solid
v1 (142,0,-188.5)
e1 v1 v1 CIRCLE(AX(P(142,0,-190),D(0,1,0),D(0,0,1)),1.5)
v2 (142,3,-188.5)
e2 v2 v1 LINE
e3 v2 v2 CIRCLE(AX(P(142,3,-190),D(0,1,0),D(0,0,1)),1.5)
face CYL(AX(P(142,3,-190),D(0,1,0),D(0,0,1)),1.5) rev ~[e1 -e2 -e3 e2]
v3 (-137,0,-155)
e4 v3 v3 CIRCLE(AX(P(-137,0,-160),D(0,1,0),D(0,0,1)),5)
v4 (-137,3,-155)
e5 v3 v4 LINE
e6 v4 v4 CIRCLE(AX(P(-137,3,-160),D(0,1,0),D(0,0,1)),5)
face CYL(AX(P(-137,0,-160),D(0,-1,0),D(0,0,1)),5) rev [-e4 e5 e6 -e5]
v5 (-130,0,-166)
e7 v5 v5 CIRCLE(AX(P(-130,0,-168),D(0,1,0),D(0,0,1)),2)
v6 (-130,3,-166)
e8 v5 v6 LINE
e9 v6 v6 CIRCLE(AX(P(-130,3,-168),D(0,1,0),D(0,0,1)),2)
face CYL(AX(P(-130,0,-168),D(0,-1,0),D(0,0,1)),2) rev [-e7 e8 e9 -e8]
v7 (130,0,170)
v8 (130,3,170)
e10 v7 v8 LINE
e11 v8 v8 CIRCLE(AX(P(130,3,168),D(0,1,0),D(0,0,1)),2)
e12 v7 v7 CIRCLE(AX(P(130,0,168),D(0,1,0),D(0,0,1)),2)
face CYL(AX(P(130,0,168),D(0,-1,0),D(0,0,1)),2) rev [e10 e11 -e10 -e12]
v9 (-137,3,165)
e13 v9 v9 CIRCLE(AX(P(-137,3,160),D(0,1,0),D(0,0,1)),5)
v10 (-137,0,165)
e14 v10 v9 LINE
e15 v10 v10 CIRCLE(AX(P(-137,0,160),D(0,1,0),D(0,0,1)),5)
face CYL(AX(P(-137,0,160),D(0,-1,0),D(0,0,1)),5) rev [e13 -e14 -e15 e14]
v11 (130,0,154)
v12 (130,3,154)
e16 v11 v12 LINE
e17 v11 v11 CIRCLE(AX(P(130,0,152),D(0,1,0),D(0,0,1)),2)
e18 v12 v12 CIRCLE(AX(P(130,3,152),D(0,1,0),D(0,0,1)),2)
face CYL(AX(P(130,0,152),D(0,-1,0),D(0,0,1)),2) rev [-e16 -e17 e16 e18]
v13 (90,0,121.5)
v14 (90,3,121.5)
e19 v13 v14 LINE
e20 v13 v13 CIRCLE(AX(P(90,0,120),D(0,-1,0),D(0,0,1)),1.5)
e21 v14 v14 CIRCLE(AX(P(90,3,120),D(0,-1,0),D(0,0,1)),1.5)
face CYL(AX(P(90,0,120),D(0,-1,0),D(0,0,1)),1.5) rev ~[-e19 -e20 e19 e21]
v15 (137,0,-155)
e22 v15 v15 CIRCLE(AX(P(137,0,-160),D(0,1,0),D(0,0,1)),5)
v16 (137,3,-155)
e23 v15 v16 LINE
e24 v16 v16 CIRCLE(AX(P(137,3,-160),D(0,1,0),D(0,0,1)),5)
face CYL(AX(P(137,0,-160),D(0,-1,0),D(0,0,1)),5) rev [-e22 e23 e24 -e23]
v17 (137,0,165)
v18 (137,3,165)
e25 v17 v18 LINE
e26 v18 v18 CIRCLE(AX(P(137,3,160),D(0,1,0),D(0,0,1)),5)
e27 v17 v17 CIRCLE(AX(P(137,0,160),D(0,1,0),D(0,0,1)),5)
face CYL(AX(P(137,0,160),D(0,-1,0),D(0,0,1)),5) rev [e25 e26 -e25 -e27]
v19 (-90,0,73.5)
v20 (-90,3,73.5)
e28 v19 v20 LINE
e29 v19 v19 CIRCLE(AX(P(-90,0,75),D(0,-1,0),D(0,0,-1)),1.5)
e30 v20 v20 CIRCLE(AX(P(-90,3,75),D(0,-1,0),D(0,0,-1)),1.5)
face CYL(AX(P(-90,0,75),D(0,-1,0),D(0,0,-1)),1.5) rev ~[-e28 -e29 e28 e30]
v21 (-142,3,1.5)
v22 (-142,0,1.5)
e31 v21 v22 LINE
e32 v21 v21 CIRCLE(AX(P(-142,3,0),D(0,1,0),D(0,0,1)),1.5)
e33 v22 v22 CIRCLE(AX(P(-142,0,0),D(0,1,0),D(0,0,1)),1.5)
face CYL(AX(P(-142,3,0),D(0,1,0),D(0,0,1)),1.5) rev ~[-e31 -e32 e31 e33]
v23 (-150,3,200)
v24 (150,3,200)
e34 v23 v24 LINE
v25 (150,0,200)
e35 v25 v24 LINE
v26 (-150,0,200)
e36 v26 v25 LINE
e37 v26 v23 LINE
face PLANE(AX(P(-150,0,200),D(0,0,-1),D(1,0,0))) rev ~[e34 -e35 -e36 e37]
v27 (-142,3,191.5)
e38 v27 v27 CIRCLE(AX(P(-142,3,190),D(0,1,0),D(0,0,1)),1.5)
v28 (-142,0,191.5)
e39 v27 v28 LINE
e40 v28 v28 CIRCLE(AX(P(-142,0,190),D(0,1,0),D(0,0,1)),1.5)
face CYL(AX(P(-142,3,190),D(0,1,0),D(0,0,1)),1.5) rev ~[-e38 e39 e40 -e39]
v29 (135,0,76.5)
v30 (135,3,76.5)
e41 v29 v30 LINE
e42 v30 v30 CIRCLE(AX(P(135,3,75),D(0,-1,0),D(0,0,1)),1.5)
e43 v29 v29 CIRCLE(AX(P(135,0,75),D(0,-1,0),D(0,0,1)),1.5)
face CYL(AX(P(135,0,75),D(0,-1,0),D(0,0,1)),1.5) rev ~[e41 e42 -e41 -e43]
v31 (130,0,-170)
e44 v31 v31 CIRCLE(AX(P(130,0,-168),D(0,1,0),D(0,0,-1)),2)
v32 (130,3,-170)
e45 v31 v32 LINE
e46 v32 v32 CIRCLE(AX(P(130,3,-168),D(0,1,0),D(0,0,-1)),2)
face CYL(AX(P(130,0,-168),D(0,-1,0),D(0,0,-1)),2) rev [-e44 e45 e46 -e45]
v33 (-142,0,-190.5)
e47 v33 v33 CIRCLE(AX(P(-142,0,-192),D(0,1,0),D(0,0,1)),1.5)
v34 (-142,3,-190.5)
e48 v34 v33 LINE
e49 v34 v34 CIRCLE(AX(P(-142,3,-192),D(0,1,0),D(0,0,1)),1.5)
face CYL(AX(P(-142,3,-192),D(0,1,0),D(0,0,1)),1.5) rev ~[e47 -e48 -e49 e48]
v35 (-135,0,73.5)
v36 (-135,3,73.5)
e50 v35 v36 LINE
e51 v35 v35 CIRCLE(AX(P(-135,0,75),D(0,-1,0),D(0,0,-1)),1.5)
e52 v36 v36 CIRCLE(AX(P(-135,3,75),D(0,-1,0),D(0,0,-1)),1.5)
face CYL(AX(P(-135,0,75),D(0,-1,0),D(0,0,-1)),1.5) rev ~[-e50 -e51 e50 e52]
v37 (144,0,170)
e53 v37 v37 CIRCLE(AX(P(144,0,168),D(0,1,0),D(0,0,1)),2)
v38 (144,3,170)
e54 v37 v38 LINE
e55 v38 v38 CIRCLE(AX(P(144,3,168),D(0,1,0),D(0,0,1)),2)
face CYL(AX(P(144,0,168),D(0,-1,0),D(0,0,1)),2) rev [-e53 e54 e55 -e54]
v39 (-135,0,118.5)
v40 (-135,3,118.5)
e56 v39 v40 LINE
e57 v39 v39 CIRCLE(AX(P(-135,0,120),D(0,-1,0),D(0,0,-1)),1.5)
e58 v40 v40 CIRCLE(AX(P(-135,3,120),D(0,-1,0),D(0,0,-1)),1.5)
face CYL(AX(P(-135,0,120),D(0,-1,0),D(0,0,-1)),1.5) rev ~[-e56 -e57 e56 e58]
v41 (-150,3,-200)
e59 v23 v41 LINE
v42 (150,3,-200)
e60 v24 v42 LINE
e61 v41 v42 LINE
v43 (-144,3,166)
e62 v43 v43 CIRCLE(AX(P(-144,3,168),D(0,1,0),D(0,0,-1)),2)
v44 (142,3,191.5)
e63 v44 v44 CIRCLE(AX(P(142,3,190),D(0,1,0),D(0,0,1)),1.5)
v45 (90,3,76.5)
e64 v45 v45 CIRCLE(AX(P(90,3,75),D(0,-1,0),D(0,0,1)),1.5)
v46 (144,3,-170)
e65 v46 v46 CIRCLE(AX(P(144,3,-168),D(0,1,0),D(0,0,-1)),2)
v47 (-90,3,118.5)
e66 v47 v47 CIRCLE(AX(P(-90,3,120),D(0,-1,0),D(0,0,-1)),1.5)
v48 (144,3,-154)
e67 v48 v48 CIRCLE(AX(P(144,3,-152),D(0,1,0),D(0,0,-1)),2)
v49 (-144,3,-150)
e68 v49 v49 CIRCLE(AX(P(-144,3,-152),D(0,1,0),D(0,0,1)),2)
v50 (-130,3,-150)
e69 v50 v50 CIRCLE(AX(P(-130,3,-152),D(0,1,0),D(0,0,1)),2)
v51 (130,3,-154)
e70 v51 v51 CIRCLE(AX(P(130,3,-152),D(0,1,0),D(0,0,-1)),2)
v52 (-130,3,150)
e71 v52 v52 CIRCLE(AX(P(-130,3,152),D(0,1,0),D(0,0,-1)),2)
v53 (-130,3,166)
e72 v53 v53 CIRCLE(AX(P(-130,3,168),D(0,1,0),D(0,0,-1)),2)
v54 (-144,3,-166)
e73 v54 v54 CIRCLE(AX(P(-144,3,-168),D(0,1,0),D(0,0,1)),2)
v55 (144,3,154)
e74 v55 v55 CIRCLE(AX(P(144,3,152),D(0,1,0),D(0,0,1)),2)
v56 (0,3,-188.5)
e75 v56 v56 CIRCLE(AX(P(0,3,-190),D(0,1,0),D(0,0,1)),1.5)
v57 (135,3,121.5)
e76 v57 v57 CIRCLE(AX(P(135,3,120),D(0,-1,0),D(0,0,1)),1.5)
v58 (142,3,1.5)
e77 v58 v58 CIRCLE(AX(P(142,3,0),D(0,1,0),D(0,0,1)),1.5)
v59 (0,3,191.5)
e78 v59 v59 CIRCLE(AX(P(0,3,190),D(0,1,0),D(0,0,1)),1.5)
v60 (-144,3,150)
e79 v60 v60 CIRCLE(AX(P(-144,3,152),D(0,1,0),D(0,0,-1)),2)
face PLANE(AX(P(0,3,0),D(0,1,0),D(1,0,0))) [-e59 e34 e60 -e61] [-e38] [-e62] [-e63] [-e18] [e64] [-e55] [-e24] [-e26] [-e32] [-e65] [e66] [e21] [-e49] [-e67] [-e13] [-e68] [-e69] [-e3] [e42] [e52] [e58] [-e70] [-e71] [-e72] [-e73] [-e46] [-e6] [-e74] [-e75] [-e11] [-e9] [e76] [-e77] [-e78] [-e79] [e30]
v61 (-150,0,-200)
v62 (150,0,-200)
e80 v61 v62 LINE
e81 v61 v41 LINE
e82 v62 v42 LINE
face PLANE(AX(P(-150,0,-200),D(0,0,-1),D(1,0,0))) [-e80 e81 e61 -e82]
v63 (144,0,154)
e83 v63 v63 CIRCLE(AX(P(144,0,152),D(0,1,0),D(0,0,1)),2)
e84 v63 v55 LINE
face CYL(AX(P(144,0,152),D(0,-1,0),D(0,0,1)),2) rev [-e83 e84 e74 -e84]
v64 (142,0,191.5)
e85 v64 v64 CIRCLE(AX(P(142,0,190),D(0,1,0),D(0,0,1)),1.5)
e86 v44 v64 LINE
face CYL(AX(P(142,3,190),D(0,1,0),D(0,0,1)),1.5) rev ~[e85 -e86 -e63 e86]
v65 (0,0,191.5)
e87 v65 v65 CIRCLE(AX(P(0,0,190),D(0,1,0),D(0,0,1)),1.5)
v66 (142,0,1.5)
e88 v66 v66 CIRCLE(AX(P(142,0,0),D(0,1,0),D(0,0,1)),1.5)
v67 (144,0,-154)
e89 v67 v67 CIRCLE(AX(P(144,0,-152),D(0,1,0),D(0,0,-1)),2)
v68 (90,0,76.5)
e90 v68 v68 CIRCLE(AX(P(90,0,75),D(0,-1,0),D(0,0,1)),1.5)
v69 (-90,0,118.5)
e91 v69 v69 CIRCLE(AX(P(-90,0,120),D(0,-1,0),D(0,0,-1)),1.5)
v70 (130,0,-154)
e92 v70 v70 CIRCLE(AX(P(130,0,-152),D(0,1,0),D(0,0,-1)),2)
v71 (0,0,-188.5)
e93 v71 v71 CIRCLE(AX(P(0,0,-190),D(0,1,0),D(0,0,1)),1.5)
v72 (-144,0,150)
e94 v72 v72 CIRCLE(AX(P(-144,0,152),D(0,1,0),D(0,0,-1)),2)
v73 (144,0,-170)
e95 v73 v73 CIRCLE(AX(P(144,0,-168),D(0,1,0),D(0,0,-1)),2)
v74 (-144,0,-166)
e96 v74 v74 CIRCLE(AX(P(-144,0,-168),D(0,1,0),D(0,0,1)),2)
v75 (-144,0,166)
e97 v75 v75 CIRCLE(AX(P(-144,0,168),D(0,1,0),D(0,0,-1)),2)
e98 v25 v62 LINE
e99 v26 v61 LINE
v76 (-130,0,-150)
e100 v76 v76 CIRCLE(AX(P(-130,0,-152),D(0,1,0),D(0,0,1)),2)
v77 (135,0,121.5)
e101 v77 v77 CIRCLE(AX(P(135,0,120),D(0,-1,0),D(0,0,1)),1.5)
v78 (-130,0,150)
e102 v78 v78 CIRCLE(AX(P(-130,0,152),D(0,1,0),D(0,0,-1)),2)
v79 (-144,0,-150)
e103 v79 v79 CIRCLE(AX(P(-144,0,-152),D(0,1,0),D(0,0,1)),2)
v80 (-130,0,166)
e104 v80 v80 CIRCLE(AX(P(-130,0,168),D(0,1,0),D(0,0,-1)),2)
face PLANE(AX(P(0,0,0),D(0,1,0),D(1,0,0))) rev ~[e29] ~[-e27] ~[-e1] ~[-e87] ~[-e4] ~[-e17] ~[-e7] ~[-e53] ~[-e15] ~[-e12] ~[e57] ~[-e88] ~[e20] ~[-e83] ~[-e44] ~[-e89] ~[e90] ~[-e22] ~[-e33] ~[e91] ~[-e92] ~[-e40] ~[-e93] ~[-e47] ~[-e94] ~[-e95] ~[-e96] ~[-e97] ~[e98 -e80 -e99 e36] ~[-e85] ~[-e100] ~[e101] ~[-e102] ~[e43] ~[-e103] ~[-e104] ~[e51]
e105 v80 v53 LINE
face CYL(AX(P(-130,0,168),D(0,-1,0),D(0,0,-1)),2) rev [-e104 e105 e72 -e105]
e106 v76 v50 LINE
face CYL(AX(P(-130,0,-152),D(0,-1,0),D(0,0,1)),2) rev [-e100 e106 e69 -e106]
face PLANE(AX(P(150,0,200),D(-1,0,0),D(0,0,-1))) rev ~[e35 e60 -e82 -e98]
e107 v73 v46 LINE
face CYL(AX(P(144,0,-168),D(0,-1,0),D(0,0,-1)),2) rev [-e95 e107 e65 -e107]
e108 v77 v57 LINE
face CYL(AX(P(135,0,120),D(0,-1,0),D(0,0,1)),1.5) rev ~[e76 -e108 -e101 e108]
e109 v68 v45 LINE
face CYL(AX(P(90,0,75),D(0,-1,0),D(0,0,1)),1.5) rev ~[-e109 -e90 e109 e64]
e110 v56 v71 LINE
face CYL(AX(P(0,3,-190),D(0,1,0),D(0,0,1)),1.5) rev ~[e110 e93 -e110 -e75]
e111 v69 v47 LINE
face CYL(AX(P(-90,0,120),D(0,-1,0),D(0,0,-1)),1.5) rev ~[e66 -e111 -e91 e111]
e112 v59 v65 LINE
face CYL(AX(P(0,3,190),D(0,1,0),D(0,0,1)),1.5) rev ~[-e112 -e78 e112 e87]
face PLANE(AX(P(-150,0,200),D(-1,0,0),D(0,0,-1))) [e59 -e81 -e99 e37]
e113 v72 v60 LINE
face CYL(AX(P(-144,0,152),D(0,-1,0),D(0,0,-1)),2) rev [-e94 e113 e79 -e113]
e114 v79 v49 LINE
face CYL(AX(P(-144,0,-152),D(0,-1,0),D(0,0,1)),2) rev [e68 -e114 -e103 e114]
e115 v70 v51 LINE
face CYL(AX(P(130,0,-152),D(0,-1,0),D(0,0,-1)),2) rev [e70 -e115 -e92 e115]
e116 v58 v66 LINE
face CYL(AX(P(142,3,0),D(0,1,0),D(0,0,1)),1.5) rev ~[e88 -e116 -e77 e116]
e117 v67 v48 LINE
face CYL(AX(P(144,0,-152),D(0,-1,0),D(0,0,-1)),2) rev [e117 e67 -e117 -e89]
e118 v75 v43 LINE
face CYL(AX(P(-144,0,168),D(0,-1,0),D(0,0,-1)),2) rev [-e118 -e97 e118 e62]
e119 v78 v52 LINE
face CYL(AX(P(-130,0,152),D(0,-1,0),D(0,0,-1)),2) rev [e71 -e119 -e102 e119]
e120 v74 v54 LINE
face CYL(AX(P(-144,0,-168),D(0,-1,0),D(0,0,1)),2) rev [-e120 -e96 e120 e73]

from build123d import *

# Parameters (mm, degrees)
SKETCH_1_W          = 300
SKETCH_1_H          = 400
SKETCH_1_R          = 5
SKETCH_1_R_2        = 2
EXTRUDE_1_DEPTH     = 3
SKETCH_4_R          = 1.5
CUT_EXTRUDE_1_DEPTH = 251.017999352
SKETCH_5_R          = 1.5
CUT_EXTRUDE_2_DEPTH = 10


with BuildPart() as part:
    # 草图1 → 凸台-拉伸1 (new body)
    with BuildSketch(Plane(origin=(0, 0, 0), x_dir=(1, 0, 0), z_dir=(0, 1, 0))):
        Rectangle(SKETCH_1_W, SKETCH_1_H)
        with Locations(Location((-137, 160, 0), (0, 0, 270))):
            Circle(SKETCH_1_R, mode=Mode.SUBTRACT)
        with Locations(Location((137, 160, 0), (0, 0, 270))):
            Circle(SKETCH_1_R, mode=Mode.SUBTRACT)
        with Locations(Location((137, -160, 0), (0, 0, 270))):
            Circle(SKETCH_1_R, mode=Mode.SUBTRACT)
        with Locations(Location((-137, -160, 0), (0, 0, 270))):
            Circle(SKETCH_1_R, mode=Mode.SUBTRACT)
        with Locations(Location((-144, 168, 0), (0, 0, 270))):
            Circle(SKETCH_1_R_2, mode=Mode.SUBTRACT)
        with Locations(Location((-130, 168, 0), (0, 0, 270))):
            Circle(SKETCH_1_R_2, mode=Mode.SUBTRACT)
        with Locations(Location((-130, 152, 0), (0, 0, 270))):
            Circle(SKETCH_1_R_2, mode=Mode.SUBTRACT)
        with Locations(Location((-144, 152, 0), (0, 0, 270))):
            Circle(SKETCH_1_R_2, mode=Mode.SUBTRACT)
        with Locations(Location((130, 152, 0), (0, 0, 90))):
            Circle(SKETCH_1_R_2, mode=Mode.SUBTRACT)
        with Locations(Location((144, 152, 0), (0, 0, 90))):
            Circle(SKETCH_1_R_2, mode=Mode.SUBTRACT)
        with Locations(Location((130, 168, 0), (0, 0, 90))):
            Circle(SKETCH_1_R_2, mode=Mode.SUBTRACT)
        with Locations(Location((144, 168, 0), (0, 0, 90))):
            Circle(SKETCH_1_R_2, mode=Mode.SUBTRACT)
        with Locations(Location((144, -152, 0), (0, 0, 270))):
            Circle(SKETCH_1_R_2, mode=Mode.SUBTRACT)
        with Locations(Location((130, -152, 0), (0, 0, 270))):
            Circle(SKETCH_1_R_2, mode=Mode.SUBTRACT)
        with Locations(Location((144, -168, 0), (0, 0, 270))):
            Circle(SKETCH_1_R_2, mode=Mode.SUBTRACT)
        with Locations(Location((130, -168, 0), (0, 0, 270))):
            Circle(SKETCH_1_R_2, mode=Mode.SUBTRACT)
        with Locations(Location((-144, -152, 0), (0, 0, 90))):
            Circle(SKETCH_1_R_2, mode=Mode.SUBTRACT)
        with Locations(Location((-130, -152, 0), (0, 0, 90))):
            Circle(SKETCH_1_R_2, mode=Mode.SUBTRACT)
        with Locations(Location((-130, -168, 0), (0, 0, 90))):
            Circle(SKETCH_1_R_2, mode=Mode.SUBTRACT)
        with Locations(Location((-144, -168, 0), (0, 0, 90))):
            Circle(SKETCH_1_R_2, mode=Mode.SUBTRACT)
    extrude(amount=EXTRUDE_1_DEPTH)

    # 草图4 → 切除-拉伸1 (cut, through all)
    with BuildSketch(Plane(origin=(0, 3, 0), x_dir=(1, 0, 0), z_dir=(0, 1, 0))):
        with Locations(Location((-142, -190, 0), (0, 0, 270))):
            Circle(SKETCH_4_R)
        with Locations(Location((142, -190, 0), (0, 0, 270))):
            Circle(SKETCH_4_R)
        with Locations(Location((142, 0, 0), (0, 0, 270))):
            Circle(SKETCH_4_R)
        with Locations(Location((-142, 0, 0), (0, 0, 270))):
            Circle(SKETCH_4_R)
        with Locations(Location((-142, 192, 0), (0, 0, 270))):
            Circle(SKETCH_4_R)
        with Locations(Location((142, 190, 0), (0, 0, 270))):
            Circle(SKETCH_4_R)
        with Locations(Location((0, 190, 0), (0, 0, 270))):
            Circle(SKETCH_4_R)
        with Locations(Location((0, -190, 0), (0, 0, 270))):
            Circle(SKETCH_4_R)
    extrude(amount=-CUT_EXTRUDE_1_DEPTH, mode=Mode.SUBTRACT)

    # 草图5 → 切除-拉伸2 (cut)
    with BuildSketch(Plane.XZ):
        with Locations(Location((-135, 120, 0), (0, 0, 270))):
            Circle(SKETCH_5_R)
        with Locations(Location((-90, 120, 0), (0, 0, 270))):
            Circle(SKETCH_5_R)
        with Locations(Location((-135, 75, 0), (0, 0, 270))):
            Circle(SKETCH_5_R)
        with Locations(Location((-90, 75, 0), (0, 0, 270))):
            Circle(SKETCH_5_R)
        with Locations(Location((90, 75, 0), (0, 0, 90))):
            Circle(SKETCH_5_R)
        with Locations(Location((135, 75, 0), (0, 0, 90))):
            Circle(SKETCH_5_R)
        with Locations(Location((90, 120, 0), (0, 0, 90))):
            Circle(SKETCH_5_R)
        with Locations(Location((135, 120, 0), (0, 0, 90))):
            Circle(SKETCH_5_R)
    extrude(amount=-CUT_EXTRUDE_2_DEPTH, mode=Mode.SUBTRACT)


solid = part.part
